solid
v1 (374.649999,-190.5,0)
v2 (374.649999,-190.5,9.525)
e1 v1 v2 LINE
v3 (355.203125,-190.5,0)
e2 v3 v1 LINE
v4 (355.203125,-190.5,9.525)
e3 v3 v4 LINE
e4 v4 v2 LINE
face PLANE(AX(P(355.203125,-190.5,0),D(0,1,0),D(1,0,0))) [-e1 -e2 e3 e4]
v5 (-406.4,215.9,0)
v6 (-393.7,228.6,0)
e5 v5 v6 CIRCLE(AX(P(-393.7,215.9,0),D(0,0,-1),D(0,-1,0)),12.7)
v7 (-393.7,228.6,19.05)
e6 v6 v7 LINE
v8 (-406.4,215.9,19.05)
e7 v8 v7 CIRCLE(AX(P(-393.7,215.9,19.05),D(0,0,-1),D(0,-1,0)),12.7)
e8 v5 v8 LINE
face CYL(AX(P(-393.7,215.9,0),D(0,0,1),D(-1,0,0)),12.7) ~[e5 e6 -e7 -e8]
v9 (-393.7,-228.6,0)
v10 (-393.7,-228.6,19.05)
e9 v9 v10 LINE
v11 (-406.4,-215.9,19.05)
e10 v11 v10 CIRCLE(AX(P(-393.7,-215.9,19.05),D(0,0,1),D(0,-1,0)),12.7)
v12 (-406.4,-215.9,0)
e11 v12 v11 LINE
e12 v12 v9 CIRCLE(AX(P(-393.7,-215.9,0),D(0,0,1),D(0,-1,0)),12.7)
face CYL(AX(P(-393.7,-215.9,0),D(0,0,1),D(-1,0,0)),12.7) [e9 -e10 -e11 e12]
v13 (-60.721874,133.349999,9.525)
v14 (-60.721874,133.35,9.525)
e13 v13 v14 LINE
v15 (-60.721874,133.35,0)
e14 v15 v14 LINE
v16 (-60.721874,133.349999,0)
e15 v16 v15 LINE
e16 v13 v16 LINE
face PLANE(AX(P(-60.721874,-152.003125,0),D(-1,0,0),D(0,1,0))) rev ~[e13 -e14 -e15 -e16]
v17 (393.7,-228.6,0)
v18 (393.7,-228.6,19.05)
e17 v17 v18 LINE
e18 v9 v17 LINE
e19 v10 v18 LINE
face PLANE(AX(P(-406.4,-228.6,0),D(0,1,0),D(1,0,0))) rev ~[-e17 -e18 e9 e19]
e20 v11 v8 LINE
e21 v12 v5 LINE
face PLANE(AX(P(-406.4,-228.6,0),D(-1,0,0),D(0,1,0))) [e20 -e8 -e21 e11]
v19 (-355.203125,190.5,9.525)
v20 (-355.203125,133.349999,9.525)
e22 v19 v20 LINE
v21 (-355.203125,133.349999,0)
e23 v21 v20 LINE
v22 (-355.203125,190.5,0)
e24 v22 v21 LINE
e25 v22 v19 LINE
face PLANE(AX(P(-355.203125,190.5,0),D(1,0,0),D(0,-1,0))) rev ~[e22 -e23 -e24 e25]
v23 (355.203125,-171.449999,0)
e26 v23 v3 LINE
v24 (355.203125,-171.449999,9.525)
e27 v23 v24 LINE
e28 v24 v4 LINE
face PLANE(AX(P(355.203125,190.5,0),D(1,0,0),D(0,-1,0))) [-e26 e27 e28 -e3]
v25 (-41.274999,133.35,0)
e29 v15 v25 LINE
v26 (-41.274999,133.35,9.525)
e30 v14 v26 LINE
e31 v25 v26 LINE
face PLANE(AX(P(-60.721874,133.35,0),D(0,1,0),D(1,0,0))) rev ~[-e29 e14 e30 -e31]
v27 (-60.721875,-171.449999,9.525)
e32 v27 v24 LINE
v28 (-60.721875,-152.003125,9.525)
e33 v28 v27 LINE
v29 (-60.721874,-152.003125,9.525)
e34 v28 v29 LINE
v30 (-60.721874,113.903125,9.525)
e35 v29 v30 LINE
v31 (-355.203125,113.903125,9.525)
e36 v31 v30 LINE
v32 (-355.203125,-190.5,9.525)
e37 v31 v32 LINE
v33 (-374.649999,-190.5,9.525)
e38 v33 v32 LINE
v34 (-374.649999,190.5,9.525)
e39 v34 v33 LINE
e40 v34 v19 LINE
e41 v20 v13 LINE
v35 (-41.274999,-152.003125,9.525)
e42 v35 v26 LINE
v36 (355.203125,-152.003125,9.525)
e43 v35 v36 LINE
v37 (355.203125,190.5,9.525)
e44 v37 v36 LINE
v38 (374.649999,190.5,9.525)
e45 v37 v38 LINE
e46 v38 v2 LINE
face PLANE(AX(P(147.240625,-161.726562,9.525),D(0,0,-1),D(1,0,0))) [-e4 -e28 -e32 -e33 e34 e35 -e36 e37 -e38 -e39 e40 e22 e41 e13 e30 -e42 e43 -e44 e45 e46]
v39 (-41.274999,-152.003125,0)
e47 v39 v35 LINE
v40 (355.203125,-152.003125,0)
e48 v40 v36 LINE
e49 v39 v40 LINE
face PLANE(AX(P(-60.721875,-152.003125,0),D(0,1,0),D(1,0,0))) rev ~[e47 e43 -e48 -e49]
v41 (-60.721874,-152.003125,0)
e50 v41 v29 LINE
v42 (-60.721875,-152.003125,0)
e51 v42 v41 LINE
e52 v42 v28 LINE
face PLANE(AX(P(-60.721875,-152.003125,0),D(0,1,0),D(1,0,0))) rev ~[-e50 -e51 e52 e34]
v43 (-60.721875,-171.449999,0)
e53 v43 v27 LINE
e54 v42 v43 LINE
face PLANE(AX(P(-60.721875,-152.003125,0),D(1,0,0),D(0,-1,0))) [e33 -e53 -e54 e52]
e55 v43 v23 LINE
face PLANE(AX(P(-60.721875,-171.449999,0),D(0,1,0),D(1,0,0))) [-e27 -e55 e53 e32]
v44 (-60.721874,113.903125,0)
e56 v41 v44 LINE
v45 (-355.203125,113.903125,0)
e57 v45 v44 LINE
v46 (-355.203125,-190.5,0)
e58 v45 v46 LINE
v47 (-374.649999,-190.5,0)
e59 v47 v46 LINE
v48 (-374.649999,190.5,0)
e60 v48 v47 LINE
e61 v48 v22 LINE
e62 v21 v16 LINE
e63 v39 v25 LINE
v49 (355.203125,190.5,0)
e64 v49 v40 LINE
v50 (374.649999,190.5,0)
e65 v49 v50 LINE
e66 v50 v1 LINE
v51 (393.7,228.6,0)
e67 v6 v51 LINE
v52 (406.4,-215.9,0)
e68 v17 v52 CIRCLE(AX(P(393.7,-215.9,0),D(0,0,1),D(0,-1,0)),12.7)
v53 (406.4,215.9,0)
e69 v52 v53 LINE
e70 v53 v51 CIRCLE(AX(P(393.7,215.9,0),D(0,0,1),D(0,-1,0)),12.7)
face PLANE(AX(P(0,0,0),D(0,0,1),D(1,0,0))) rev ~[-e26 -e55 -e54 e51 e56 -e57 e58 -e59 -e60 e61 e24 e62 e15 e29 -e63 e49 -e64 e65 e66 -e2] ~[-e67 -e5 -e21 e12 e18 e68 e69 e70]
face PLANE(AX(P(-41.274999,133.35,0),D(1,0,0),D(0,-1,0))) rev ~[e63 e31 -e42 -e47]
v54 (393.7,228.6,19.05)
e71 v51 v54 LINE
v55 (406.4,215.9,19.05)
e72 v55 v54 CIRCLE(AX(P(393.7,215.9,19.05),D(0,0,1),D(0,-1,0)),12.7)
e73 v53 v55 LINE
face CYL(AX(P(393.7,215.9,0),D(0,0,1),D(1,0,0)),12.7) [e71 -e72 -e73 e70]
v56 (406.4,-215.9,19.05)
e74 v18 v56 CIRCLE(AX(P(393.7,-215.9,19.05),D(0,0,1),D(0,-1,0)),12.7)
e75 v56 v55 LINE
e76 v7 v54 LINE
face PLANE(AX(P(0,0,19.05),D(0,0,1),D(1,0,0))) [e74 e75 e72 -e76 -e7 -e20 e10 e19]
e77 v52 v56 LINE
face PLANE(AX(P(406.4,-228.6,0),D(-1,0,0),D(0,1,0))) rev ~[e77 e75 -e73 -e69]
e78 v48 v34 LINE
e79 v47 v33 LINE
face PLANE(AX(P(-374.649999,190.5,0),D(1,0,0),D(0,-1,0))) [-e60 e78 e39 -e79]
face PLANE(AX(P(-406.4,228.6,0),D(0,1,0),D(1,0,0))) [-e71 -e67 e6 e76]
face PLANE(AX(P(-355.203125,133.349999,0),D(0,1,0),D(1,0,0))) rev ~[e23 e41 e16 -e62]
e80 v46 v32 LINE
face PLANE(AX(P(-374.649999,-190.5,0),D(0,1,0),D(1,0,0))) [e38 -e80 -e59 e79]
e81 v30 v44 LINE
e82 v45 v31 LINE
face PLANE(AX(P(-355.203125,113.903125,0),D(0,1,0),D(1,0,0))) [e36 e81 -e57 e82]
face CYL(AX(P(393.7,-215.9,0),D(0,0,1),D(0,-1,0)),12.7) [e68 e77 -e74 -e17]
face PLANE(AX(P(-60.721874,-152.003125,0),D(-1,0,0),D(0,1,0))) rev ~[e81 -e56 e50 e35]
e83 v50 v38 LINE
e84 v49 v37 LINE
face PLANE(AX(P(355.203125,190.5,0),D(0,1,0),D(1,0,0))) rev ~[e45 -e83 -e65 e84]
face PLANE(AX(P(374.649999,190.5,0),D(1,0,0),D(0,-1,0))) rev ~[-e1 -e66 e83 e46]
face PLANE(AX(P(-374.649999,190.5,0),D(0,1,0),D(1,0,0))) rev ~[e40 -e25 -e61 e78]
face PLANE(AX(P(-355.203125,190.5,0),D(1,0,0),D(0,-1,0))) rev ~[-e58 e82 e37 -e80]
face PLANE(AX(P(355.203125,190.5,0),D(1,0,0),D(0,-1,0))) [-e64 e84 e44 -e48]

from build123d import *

# Parameters (mm, degrees)
F0_W     = 812.8
F0_H     = 457.2
F1_DEPTH = 19.05
F2_R     = 12.7
F3_W     = 19.446875
F3_H     = 18.653125
F3_H_2   = 266.7
F4_DEPTH = 9.525
F5_W     = 19.446875
F5_H     = 381
F6_DEPTH = 9.525
F7_W     = 313.928125
F7_H     = 19.446875
F7_W_2   = 415.925
F8_DEPTH = 9.525


with BuildPart() as f1:
    # F0 (on Top) → F1 (new body)
    with BuildSketch(Plane.XY):
        Rectangle(F0_W, F0_H)
    extrude(amount=F1_DEPTH)

    # F2
    f2_edges = [f1.edges().sort_by_distance(p)[0] for p in [
        (-406.4, -228.6, 9.525),
        (406.4, -228.6, 9.525),
        (406.4, 228.6, 9.525),
        (-406.4, 228.6, 9.525),
    ]]
    fillet(f2_edges, radius=F2_R)

    # F3 (on face) → F4 (cut)
    with BuildSketch(Plane(origin=(0, 0, 0), x_dir=(1, 0, 0), z_dir=(0, 0, -1))):
        with Locations((-50.998437, 142.676562)):
            Rectangle(F3_W, F3_H)
        with Locations((-50.998437, 0)):
            Rectangle(F3_W, F3_H_2)
    extrude(amount=-F4_DEPTH, mode=Mode.SUBTRACT)

    # F5 (on face) → F6 (cut)
    with BuildSketch(Plane(origin=(0, 0, 0), x_dir=(1, 0, 0), z_dir=(0, 0, -1))):
        with Locations((364.926562, 0)):
            Rectangle(F5_W, F5_H)
        with Locations((-364.926562, 0)):
            Rectangle(F5_W, F5_H)
    extrude(amount=-F6_DEPTH, mode=Mode.SUBTRACT)

    # F7 (on face) → F8 (cut)
    with BuildSketch(Plane(origin=(0, 0, 0), x_dir=(1, 0, 0), z_dir=(0, 0, -1))):
        with Locations((-198.239062, -123.626562)):
            Rectangle(F7_W, F7_H)
        with Locations((147.240625, 161.726562)):
            Rectangle(F7_W_2, F7_H)
    extrude(amount=-F8_DEPTH, mode=Mode.SUBTRACT)


solid = f1.part
